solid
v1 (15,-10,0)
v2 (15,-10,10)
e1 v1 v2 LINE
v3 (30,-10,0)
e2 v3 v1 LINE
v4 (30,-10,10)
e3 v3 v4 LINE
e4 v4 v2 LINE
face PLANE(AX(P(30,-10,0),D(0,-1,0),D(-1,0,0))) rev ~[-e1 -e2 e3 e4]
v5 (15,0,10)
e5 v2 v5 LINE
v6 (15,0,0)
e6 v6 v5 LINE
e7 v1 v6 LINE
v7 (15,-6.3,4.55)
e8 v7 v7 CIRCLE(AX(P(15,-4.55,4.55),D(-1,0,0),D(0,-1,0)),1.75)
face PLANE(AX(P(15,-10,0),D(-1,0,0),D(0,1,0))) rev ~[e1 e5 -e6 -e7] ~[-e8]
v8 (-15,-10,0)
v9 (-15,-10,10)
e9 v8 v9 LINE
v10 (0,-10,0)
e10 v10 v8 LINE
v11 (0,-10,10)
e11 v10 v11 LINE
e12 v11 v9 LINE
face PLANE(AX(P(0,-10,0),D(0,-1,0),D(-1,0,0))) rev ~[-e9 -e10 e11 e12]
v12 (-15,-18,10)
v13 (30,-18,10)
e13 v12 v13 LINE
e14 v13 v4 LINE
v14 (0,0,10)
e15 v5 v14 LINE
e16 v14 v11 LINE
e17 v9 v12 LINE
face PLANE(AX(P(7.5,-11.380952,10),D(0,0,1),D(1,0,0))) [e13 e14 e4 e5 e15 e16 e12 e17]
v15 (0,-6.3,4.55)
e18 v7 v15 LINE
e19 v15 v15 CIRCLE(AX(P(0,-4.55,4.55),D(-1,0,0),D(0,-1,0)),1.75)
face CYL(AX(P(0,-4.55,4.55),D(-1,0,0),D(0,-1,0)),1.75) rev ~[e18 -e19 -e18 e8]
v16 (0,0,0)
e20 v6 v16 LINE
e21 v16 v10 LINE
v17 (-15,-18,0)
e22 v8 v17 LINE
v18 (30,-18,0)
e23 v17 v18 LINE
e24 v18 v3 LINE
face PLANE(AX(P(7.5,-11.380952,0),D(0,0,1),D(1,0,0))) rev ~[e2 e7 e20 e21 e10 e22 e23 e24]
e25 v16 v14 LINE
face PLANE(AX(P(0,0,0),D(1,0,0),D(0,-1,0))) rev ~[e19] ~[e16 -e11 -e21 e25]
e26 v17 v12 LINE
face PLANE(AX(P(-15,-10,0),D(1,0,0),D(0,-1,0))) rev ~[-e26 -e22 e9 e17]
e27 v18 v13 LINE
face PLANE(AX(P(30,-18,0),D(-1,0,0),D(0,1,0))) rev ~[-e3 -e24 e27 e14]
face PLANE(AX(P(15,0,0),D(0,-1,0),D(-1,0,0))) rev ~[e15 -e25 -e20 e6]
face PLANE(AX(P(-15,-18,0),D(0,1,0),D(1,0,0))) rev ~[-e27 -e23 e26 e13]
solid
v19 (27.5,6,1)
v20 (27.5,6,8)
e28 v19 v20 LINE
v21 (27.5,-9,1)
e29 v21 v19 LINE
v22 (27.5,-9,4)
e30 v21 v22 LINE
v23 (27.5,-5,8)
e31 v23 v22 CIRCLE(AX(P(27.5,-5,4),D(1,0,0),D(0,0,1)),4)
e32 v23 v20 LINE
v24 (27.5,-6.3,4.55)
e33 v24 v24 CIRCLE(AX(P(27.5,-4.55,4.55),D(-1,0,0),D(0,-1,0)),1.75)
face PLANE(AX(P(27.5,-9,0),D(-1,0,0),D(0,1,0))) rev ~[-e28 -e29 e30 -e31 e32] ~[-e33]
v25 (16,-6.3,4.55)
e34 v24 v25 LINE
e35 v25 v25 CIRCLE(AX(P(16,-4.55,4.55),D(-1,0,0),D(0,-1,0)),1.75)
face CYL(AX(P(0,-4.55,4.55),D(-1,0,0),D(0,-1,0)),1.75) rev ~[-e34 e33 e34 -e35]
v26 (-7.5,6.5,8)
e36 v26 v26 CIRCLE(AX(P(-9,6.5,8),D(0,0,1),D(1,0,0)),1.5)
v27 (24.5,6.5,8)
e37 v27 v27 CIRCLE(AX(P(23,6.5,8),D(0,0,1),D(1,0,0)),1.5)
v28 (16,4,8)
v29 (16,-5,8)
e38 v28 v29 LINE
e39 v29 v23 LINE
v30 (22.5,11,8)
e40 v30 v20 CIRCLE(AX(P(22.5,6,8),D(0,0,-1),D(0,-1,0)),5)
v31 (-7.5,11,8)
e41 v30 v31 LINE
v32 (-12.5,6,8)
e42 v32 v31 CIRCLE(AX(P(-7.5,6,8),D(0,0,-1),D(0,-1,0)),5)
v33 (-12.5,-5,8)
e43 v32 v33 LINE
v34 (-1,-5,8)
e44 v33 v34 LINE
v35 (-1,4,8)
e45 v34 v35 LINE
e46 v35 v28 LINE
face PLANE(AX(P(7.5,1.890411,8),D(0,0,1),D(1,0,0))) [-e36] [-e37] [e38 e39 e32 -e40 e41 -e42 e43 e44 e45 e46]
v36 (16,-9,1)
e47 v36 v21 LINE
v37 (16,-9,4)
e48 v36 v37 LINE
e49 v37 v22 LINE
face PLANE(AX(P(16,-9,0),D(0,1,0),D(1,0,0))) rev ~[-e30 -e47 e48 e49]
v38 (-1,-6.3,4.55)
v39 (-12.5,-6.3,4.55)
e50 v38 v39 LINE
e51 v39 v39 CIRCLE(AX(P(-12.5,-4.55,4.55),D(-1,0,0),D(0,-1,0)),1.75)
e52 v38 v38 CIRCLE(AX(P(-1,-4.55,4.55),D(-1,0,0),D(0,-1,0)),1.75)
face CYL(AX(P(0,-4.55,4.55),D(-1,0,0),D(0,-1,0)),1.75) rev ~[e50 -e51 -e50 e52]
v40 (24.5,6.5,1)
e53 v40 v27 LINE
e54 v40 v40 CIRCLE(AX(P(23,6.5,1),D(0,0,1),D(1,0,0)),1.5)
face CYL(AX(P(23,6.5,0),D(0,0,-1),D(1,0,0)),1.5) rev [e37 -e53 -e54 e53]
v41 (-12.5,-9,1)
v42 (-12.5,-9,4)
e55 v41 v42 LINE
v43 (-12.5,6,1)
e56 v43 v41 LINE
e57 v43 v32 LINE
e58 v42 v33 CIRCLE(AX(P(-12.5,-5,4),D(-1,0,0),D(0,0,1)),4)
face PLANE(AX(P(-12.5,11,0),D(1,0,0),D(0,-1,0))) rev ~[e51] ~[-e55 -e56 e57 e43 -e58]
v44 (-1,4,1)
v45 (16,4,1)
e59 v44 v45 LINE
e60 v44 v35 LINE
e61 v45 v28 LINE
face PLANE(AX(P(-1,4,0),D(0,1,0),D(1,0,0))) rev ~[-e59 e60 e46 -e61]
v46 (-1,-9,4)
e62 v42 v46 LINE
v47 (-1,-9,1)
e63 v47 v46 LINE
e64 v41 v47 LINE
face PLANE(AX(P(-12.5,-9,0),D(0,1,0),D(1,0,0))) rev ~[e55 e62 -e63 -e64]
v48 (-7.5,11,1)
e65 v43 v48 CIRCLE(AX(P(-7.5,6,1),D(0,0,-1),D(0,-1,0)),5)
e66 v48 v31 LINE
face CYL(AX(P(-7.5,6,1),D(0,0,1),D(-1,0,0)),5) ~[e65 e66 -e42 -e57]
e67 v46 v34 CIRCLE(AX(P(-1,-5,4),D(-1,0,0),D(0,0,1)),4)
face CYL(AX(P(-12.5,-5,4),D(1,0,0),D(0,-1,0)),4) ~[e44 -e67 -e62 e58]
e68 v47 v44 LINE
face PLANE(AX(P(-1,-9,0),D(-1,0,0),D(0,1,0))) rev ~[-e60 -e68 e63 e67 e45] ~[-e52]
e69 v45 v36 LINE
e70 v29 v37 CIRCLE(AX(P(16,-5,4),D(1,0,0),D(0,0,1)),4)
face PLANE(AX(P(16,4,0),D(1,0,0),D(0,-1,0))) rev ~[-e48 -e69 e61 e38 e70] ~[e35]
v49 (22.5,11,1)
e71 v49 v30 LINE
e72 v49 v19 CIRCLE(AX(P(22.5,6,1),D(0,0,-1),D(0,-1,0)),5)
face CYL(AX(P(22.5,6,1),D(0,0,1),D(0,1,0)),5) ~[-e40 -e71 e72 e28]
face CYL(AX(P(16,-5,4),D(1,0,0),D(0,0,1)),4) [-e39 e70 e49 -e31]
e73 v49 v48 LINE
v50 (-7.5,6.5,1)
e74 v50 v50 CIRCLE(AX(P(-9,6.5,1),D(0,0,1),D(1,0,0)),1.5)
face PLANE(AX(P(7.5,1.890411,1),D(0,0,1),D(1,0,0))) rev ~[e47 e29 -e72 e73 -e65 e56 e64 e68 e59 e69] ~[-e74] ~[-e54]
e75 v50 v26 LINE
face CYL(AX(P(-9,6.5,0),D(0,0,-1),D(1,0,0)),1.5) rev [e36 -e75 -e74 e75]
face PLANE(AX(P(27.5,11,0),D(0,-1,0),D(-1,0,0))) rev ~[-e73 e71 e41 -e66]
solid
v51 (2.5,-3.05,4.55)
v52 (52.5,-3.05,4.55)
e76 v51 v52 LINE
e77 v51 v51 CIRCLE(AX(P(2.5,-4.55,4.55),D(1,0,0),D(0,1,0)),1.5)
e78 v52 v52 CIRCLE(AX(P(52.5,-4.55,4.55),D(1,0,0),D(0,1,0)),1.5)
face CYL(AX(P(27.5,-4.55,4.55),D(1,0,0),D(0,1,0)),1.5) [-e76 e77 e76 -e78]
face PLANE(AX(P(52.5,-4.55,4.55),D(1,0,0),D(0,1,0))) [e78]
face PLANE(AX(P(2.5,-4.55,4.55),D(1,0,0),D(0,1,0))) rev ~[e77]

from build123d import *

# Parameters (mm, degrees)
F1_DEPTH = 10
F0_R     = 1.5
F2_DEPTH = 8
F3_R     = 1.75
F4_DEPTH = 50
F5_R     = 1.5
F6_DEPTH = 25
F7_DEPTH = 1
F8_R     = 4
F9_R     = 5


with BuildPart() as f1:
    # F0 (on Top) → F1 (new body)
    with BuildSketch(Plane.XY):
        Polygon((15, 0), (0, 0), (0, -10), (-15, -10), (-15, -18), (30, -18), (30, -10), (15, -10), align=None)
    extrude(amount=F1_DEPTH)


with BuildPart() as f2:
    # F0 (on Top) → F2 (new body)
    with BuildSketch(Plane.XY):
        Polygon((-12.5, 11), (-12.5, -9), (-1, -9), (-1, 4), (16, 4), (16, -9), (27.5, -9), (27.5, 11), align=None)
        with Locations((-9, 6.5)):
            Circle(F0_R, mode=Mode.SUBTRACT)
        with Locations((23, 6.5)):
            Circle(F0_R, mode=Mode.SUBTRACT)
    extrude(amount=F2_DEPTH)


with BuildPart() as f4_tool:
    # F3 (on face) → F4 (new body, symmetric)
    with BuildSketch(Plane(origin=(0, 0, 0), x_dir=(0, -1, 0), z_dir=(-1, 0, 0))):
        with Locations((4.55, 4.55)):
            Circle(F3_R)
    extrude(amount=F4_DEPTH, both=True)


with BuildPart() as f1_1:
    add(f1.part)

    # F4: cut by f4_tool
    add(f4_tool.part, mode=Mode.SUBTRACT)


with BuildPart() as f2_1:
    add(f2.part)

    # F4: cut by f4_tool
    add(f4_tool.part, mode=Mode.SUBTRACT)

    # F0 (on Top) → F7 (cut)
    with BuildSketch(Plane.XY):
        Polygon((-12.5, 11), (-12.5, -9), (-1, -9), (-1, 4), (16, 4), (16, -9), (27.5, -9), (27.5, 11), align=None)
        with Locations((-9, 6.5)):
            Circle(F0_R, mode=Mode.SUBTRACT)
        with Locations((23, 6.5)):
            Circle(F0_R, mode=Mode.SUBTRACT)
    extrude(amount=F7_DEPTH, mode=Mode.SUBTRACT)

    # F8
    f8_edges = [f2_1.edges().sort_by_distance(p)[0] for p in [
        (21.75, -9, 8),
        (-6.75, -9, 8),
    ]]
    fillet(f8_edges, radius=F8_R)

    # F9
    f9_edges = [f2_1.edges().sort_by_distance(p)[0] for p in [
        (27.5, 11, 4.5),
        (-12.5, 11, 4.5),
    ]]
    fillet(f9_edges, radius=F9_R)


with BuildPart() as f6:
    # F5 (on face) → F6 (new body, symmetric)
    with BuildSketch(Plane.YZ.offset(27.5)):
        with Locations((-4.55, 4.55)):
            Circle(F5_R)
    extrude(amount=F6_DEPTH, both=True)


solid = Compound([f1_1.part, f2_1.part, f6.part])
